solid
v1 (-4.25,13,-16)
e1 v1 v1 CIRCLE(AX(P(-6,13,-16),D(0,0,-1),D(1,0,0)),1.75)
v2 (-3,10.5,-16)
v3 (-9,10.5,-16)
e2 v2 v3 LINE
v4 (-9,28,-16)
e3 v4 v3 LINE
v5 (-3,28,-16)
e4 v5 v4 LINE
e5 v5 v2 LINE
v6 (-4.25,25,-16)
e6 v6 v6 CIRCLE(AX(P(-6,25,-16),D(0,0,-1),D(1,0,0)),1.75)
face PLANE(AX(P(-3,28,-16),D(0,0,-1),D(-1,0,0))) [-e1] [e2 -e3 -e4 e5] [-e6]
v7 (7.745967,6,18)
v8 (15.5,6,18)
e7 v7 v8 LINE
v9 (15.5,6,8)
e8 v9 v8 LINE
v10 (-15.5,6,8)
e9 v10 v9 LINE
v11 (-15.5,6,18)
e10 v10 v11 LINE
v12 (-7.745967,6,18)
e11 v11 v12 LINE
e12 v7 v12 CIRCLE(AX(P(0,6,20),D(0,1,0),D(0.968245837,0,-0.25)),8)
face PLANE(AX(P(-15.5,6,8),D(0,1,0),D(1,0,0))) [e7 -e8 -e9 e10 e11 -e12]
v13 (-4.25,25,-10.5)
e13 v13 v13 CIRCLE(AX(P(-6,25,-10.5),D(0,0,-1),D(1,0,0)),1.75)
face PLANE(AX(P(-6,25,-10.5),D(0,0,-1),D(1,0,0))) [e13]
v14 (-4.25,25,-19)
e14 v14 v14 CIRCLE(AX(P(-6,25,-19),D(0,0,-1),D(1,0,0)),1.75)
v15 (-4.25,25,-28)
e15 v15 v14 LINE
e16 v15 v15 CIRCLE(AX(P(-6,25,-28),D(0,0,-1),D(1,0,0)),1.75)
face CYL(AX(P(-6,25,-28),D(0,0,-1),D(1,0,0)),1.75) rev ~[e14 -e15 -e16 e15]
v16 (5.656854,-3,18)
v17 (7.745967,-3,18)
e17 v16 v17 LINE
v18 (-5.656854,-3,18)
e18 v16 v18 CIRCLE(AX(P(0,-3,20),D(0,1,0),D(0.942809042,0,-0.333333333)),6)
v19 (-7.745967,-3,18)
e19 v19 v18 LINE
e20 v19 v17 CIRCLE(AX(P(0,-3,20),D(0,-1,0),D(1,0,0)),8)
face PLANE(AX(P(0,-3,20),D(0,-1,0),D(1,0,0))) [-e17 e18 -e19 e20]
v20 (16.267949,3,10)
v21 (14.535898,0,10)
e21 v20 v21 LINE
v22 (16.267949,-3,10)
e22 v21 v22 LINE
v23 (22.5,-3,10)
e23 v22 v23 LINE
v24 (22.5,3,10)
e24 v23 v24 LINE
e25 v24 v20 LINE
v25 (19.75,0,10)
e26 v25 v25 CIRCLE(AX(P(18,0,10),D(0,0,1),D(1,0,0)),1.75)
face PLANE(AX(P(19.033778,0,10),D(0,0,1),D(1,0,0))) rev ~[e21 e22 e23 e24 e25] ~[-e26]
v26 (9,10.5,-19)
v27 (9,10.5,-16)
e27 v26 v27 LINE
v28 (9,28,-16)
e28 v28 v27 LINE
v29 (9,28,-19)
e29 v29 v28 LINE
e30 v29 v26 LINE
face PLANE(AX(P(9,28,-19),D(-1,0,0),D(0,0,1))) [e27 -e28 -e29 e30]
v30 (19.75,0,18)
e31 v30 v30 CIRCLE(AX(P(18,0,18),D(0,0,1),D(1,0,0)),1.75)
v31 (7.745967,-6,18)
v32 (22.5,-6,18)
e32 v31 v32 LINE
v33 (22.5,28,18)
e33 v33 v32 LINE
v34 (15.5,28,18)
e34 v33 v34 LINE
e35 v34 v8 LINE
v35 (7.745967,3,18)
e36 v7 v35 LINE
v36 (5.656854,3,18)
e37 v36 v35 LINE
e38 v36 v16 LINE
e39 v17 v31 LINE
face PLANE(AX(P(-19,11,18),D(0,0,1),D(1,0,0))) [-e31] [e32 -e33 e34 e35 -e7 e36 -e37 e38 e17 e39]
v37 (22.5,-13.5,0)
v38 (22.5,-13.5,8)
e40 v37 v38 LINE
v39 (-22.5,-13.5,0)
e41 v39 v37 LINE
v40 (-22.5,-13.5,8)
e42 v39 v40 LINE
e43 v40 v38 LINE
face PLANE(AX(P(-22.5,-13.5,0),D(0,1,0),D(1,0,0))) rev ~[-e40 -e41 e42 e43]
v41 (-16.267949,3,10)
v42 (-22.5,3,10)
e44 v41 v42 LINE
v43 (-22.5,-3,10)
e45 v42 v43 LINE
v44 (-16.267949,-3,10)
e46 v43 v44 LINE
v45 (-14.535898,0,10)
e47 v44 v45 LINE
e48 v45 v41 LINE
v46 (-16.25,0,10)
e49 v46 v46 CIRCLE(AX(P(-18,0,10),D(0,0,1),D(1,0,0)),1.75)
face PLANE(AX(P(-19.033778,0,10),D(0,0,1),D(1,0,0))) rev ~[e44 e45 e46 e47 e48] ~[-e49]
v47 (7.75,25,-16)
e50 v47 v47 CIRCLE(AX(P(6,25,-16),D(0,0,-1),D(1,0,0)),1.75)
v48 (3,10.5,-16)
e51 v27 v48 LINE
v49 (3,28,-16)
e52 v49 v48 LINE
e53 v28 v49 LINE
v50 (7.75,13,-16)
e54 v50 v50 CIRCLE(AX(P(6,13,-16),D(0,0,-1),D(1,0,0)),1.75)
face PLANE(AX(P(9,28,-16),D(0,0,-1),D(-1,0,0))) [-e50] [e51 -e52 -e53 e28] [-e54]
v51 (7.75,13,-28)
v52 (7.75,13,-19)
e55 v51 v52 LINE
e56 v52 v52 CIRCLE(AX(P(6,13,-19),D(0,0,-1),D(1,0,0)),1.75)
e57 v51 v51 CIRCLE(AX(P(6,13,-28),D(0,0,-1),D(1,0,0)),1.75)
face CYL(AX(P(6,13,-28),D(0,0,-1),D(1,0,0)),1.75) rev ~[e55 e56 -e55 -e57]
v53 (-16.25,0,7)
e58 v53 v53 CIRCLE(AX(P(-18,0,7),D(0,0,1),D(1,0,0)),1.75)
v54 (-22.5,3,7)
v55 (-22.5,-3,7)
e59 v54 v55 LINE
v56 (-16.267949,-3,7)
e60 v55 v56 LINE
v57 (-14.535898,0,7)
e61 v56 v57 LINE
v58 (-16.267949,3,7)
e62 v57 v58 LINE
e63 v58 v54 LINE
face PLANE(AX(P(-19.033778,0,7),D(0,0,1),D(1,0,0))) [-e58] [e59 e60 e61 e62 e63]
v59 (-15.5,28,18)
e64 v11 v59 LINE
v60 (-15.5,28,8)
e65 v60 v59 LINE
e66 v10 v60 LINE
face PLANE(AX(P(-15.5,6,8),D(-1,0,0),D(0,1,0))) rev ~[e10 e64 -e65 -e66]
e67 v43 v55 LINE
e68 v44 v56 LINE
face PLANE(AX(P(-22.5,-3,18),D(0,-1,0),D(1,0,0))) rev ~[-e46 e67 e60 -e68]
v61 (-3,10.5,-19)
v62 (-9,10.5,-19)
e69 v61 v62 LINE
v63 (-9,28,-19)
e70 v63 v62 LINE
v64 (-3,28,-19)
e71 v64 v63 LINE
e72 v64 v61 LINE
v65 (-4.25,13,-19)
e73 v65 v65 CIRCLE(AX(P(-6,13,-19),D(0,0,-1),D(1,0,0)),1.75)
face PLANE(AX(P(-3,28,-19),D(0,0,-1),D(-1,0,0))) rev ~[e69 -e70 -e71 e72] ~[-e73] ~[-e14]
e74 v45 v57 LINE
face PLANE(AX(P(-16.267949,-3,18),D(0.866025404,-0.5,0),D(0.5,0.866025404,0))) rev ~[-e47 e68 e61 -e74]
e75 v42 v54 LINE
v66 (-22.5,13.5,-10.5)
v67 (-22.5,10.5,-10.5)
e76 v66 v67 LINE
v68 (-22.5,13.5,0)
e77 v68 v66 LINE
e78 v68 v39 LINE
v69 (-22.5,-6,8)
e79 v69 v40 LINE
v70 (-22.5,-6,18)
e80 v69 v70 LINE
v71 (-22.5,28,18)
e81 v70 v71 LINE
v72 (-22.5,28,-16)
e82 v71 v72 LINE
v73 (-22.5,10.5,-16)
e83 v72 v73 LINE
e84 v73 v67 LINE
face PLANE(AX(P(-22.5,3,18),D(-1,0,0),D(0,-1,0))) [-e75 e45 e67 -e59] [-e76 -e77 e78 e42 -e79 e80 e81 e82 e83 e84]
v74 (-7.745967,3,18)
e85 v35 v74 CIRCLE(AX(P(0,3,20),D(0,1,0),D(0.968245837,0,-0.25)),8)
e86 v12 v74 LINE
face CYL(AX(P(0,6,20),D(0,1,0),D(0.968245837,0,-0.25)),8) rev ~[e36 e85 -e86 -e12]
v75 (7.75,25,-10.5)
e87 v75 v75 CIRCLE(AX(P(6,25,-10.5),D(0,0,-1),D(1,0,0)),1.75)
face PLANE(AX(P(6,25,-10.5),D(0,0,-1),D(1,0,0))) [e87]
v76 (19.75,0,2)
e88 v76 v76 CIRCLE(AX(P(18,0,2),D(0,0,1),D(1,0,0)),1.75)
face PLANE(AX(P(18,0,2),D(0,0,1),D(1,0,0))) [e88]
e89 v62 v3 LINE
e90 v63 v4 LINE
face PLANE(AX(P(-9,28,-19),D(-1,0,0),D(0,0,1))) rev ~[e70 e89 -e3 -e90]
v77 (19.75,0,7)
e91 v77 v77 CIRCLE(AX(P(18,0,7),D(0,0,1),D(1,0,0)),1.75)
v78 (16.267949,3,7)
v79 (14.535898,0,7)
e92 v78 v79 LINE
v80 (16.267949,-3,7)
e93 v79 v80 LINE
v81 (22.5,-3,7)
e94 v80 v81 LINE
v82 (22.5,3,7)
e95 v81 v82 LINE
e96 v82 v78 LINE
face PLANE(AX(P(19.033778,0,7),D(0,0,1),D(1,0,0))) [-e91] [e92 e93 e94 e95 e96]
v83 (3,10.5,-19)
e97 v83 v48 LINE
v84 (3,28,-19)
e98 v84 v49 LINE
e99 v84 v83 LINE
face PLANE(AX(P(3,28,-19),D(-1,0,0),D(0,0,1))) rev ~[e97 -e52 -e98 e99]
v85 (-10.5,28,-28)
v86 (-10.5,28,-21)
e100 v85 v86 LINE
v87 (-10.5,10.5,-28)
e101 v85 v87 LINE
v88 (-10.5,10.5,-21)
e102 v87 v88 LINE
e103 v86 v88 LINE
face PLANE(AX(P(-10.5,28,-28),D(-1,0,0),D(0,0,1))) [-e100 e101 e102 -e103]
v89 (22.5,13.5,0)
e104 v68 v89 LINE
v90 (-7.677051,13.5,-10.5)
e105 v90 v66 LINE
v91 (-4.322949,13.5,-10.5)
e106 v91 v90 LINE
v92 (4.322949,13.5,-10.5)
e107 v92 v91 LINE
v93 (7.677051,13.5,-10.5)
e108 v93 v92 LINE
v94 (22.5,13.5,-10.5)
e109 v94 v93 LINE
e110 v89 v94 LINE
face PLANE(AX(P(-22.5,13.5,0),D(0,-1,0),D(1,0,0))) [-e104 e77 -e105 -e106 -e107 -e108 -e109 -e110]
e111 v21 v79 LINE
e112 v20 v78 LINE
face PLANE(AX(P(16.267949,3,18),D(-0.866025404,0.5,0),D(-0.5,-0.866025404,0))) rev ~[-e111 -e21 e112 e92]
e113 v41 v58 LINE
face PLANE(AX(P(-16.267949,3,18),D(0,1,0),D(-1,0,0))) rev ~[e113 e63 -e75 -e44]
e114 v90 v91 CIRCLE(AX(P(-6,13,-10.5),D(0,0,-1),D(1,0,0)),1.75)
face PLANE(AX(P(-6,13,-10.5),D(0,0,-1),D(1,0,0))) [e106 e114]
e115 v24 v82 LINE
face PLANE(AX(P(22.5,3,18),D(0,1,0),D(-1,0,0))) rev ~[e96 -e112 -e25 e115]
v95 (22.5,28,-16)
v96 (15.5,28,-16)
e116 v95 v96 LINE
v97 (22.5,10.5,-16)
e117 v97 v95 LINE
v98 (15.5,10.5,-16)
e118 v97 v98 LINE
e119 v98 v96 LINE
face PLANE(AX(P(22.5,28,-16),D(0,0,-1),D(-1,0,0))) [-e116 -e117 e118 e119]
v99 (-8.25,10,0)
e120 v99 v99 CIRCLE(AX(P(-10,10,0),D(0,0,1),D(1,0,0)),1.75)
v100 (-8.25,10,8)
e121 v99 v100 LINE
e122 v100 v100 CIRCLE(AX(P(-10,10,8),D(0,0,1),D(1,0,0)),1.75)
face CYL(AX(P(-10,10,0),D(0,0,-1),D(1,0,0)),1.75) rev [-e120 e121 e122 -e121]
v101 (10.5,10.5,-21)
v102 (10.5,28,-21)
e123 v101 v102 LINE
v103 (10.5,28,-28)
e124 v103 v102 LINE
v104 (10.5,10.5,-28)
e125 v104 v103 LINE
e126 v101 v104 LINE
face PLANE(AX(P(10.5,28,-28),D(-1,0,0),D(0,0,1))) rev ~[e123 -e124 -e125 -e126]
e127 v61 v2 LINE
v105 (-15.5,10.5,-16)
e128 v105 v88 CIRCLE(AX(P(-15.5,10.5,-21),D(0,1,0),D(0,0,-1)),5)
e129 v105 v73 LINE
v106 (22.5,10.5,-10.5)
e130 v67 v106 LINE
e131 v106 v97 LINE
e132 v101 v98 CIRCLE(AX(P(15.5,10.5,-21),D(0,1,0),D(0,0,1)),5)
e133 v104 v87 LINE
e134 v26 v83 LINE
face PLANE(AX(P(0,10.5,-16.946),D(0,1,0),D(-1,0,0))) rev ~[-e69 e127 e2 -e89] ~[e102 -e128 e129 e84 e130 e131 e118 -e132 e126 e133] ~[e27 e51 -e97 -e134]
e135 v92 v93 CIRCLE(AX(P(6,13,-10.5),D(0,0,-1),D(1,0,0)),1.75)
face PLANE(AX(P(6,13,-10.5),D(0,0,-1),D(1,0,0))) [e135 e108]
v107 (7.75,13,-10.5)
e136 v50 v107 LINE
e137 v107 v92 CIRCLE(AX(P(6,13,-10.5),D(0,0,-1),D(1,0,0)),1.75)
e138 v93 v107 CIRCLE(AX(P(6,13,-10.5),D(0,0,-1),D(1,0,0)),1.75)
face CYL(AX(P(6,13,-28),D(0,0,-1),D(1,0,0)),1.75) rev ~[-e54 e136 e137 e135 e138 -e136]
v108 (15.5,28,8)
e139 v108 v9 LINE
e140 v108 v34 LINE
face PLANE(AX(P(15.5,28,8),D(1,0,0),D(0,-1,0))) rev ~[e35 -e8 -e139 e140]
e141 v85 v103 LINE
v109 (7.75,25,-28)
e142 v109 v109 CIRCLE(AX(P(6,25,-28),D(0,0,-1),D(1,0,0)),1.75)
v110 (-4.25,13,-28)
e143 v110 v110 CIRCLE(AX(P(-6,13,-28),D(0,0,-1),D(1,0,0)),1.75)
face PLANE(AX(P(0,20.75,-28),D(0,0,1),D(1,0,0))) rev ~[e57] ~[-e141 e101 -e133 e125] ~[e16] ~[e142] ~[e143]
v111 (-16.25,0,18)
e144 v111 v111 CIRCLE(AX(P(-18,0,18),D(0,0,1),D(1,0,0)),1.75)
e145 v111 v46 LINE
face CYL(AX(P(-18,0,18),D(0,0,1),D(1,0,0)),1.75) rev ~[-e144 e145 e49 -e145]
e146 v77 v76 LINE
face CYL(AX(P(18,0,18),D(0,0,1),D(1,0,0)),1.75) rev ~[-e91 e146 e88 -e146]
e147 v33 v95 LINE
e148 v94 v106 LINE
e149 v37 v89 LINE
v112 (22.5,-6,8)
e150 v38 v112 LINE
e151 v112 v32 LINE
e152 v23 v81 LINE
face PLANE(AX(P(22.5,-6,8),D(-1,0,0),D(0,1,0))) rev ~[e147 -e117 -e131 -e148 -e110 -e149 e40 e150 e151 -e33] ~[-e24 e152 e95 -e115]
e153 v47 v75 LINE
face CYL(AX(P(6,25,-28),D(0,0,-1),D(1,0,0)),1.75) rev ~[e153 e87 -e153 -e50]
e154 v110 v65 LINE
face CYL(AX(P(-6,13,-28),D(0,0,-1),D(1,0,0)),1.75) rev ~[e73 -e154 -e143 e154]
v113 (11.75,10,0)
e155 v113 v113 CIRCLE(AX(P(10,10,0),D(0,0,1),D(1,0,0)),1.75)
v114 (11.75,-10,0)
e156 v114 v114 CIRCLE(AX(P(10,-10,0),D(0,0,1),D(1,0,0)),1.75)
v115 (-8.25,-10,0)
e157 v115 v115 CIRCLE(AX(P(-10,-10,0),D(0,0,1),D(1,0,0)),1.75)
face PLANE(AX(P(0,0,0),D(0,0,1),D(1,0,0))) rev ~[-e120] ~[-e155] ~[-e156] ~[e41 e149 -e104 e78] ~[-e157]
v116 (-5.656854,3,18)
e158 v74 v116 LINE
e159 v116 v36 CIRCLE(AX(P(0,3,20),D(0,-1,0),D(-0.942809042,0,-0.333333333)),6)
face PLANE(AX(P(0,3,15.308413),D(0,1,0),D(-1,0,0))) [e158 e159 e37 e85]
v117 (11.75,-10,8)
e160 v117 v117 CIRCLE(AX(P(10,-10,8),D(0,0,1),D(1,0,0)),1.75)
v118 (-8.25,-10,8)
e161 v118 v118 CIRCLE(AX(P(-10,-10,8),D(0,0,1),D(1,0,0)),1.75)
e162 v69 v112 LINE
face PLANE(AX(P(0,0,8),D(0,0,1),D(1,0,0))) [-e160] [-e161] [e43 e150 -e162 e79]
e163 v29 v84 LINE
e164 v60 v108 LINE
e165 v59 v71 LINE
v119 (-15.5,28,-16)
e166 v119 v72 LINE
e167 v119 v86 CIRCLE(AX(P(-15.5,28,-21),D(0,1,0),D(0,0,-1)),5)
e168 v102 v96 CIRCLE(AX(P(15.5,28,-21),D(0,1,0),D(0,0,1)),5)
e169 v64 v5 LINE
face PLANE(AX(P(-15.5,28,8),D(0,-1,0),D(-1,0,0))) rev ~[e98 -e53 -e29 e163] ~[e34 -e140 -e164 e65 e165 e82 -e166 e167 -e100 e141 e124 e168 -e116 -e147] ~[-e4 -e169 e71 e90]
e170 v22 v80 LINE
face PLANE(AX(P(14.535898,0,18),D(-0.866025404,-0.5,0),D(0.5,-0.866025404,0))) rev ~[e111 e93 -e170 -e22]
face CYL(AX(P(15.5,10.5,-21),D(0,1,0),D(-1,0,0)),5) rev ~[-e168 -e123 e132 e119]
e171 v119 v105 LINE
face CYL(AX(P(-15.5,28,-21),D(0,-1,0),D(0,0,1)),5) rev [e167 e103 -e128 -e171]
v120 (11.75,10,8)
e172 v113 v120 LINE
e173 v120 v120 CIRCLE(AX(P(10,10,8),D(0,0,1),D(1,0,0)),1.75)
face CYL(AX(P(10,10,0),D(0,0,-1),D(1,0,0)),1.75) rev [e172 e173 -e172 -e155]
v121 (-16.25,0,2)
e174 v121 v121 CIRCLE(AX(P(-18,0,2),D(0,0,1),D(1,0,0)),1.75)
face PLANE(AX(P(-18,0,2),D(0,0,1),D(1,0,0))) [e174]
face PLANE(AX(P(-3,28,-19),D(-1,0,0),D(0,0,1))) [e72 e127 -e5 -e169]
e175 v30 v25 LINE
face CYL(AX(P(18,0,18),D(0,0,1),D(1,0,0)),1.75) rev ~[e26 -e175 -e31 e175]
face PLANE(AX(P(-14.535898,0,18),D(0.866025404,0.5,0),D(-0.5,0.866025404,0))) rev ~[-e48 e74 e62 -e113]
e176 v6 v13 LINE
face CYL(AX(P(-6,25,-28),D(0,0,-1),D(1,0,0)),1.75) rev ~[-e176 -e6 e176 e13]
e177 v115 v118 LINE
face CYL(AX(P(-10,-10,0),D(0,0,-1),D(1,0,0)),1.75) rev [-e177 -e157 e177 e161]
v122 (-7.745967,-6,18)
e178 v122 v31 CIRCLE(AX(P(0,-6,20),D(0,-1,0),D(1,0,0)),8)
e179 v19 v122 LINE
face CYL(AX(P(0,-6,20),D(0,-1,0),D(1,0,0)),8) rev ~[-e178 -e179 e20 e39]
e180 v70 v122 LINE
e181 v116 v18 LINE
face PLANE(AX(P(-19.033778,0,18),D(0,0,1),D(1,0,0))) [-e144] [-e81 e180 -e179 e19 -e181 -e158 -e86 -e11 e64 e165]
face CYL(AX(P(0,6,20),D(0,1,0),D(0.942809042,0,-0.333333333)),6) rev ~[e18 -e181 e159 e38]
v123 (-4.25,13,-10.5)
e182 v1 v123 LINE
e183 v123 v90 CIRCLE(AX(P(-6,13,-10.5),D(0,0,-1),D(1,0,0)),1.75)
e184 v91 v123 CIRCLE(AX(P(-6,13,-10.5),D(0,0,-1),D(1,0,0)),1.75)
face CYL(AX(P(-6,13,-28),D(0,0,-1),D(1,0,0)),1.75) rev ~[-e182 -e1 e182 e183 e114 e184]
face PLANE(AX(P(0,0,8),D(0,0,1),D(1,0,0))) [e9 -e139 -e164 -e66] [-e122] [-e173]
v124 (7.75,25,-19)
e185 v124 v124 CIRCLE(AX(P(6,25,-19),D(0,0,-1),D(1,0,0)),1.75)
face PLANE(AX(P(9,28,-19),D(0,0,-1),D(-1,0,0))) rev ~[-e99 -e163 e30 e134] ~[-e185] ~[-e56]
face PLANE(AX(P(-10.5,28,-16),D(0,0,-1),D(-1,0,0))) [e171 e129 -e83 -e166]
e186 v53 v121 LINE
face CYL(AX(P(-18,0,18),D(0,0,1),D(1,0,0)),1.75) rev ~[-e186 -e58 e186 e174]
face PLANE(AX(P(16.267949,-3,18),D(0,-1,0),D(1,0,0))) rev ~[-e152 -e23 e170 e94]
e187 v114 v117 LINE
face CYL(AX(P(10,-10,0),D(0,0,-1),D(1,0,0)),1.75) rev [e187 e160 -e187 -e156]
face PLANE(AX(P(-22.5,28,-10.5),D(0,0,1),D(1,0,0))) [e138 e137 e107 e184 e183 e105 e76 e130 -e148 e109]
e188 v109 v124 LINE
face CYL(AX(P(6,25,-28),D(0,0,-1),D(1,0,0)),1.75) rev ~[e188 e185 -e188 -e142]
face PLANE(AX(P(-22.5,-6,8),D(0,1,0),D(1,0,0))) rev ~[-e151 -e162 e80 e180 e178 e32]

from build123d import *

# Parameters (mm, degrees)
F0_W      = 45
F0_H      = 27
F0_R      = 1.75
F0_H_2    = 14.5
F1_DEPTH  = 8
F2_DEPTH  = 28
F3_W      = 31
F3_H      = 12
F4_DEPTH  = 10
F6_DEPTH  = 19.501
F7_DEPTH  = 3
F8_R      = 8
F9_DEPTH  = 3
F11_DEPTH = 11
F12_DEPTH = 8
F13_R     = 1.75
F14_DEPTH = 16
F15_W     = 12
F15_H     = 12
F16_DEPTH = 41.501
F17_DEPTH = 17.5
F18_R     = 1.75
F19_DEPTH = 17.5
F20_W     = 6
F20_H     = 3
F21_DEPTH = 41.501
F22_R     = 5


with BuildPart() as f1:
    # F0 (on Top) → F1 (new body)
    with BuildSketch(Plane.XY):
        Rectangle(F0_W, F0_H)
        with Locations((-10, -10)):
            Circle(F0_R, mode=Mode.SUBTRACT)
        with Locations((10, -10)):
            Circle(F0_R, mode=Mode.SUBTRACT)
        with Locations((-10, 10)):
            Circle(F0_R, mode=Mode.SUBTRACT)
        with Locations((10, 10)):
            Circle(F0_R, mode=Mode.SUBTRACT)
        with Locations((0, 20.75)):
            Rectangle(F0_W, F0_H_2)
    extrude(amount=F1_DEPTH)

    # F0 (on Top) → F2 (join)
    with BuildSketch(Plane.XY):
        with Locations((0, 20.75)):
            Rectangle(F0_W, F0_H_2)
    extrude(amount=-F2_DEPTH)

    # F3 (on face) → F4 (join)
    with BuildSketch(Plane.XY.offset(8)):
        Polygon((-22.5, 28), (-22.5, -6), (-15.5, -6), (-15.5, 6), (-15.5, 28), align=None)
        Rectangle(F3_W, F3_H)
        Polygon((15.5, 6), (15.5, -6), (22.5, -6), (22.5, 28), (15.5, 28), align=None)
    extrude(amount=F4_DEPTH)

    # F5 (on face) → F6 (cut, through all)
    with BuildSketch(Plane(origin=(0, 6, 0), x_dir=(-1, 0, 0), z_dir=(0, 1, 0))):
        with BuildLine():
            Line((5.6568542495, 18), (-5.6568542495, 18))
            ThreePointArc((-5.6568542495, 18), (0, 14), (5.6568542495, 18))
        make_face()
    extrude(amount=-F6_DEPTH, mode=Mode.SUBTRACT)

    # F5 (on face) → F7 (cut)
    with BuildSketch(Plane(origin=(0, 6, 0), x_dir=(-1, 0, 0), z_dir=(0, 1, 0))):
        with BuildLine():
            Line((-5.6568542495, 18), (-7.7459666924, 18))
            ThreePointArc((-7.7459666924, 18), (0, 12), (7.7459666924, 18))
            Line((7.7459666924, 18), (5.6568542495, 18))
            ThreePointArc((5.6568542495, 18), (0, 14), (-5.6568542495, 18))
        make_face()
    extrude(amount=-F7_DEPTH, mode=Mode.SUBTRACT)

    # F8 (on face) → F9 (cut)
    with BuildSketch(Plane.XZ.offset(6)):
        with Locations((0, 20)):
            Circle(F8_R)
    extrude(amount=-F9_DEPTH, mode=Mode.SUBTRACT)

    # F10 (on face) → F11 (cut)
    with BuildSketch(Plane.XY.offset(18)):
        Polygon((-19.7320508076, -3), (-16.2679491924, -3), (-14.5358983849, 0), (-16.2679491924, 3), (-19.7320508076, 3), (-22.5, 3), (-22.5, -3), align=None)
        Polygon((14.5358983849, 0), (16.2679491924, -3), (19.7320508076, -3), (22.5, -3), (22.5, 3), (19.3412657973, 3), (16.2679491924, 3), align=None)
    extrude(amount=-F11_DEPTH, mode=Mode.SUBTRACT)

    # F10 (on face) → F12 (join)
    with BuildSketch(Plane.XY.offset(18)):
        Polygon((-19.7320508076, -3), (-16.2679491924, -3), (-14.5358983849, 0), (-16.2679491924, 3), (-19.7320508076, 3), (-22.5, 3), (-22.5, -3), align=None)
        Polygon((14.5358983849, 0), (16.2679491924, -3), (19.7320508076, -3), (22.5, -3), (22.5, 3), (19.3412657973, 3), (16.2679491924, 3), align=None)
    extrude(amount=-F12_DEPTH)

    # F13 (on face) → F14 (cut)
    with BuildSketch(Plane.XY.offset(18)):
        with Locations((-18, 0)):
            Circle(F13_R)
        with Locations((18, 0)):
            Circle(F13_R)
    extrude(amount=-F14_DEPTH, mode=Mode.SUBTRACT)

    # F15 (on face) → F16 (cut, through all)
    with BuildSketch(Plane(origin=(0, 28, 0), x_dir=(-1, 0, 0), z_dir=(0, 1, 0))):
        with Locations((16.5, -22)):
            Rectangle(F15_W, F15_H)
        with Locations((-16.5, -22)):
            Rectangle(F15_W, F15_H)
    extrude(amount=-F16_DEPTH, mode=Mode.SUBTRACT)

    # F15 (on face) → F17 (join)
    with BuildSketch(Plane(origin=(0, 28, 0), x_dir=(-1, 0, 0), z_dir=(0, 1, 0))):
        Polygon((-10.5, -16), (-10.5, -28), (10.5, -28), (10.5, -16), (22.5, -16), (22.5, -10.5), (-22.5, -10.5), (-22.5, -16), align=None)
    extrude(amount=-F17_DEPTH)

    # F18 (on face) → F19 (cut)
    with BuildSketch(Plane(origin=(0, 0, -28), x_dir=(1, 0, 0), z_dir=(0, 0, -1))):
        with Locations((-6, -13)):
            Circle(F18_R)
        with Locations((6, -13)):
            Circle(F18_R)
        with Locations((6, -25)):
            Circle(F18_R)
        with Locations((-6, -25)):
            Circle(F18_R)
    extrude(amount=-F19_DEPTH, mode=Mode.SUBTRACT)

    # F20 (on face) → F21 (cut, through all)
    with BuildSketch(Plane(origin=(0, 28, 0), x_dir=(-1, 0, 0), z_dir=(0, 1, 0))):
        with Locations((-6, -17.5)):
            Rectangle(F20_W, F20_H)
        with Locations((6, -17.5)):
            Rectangle(F20_W, F20_H)
    extrude(amount=-F21_DEPTH, mode=Mode.SUBTRACT)

    # F22
    f22_edges = [f1.edges().sort_by_distance(p)[0] for p in [
        (-10.5, 19.25, -16),
        (10.5, 19.25, -16),
    ]]
    fillet(f22_edges, radius=F22_R)


solid = f1.part
